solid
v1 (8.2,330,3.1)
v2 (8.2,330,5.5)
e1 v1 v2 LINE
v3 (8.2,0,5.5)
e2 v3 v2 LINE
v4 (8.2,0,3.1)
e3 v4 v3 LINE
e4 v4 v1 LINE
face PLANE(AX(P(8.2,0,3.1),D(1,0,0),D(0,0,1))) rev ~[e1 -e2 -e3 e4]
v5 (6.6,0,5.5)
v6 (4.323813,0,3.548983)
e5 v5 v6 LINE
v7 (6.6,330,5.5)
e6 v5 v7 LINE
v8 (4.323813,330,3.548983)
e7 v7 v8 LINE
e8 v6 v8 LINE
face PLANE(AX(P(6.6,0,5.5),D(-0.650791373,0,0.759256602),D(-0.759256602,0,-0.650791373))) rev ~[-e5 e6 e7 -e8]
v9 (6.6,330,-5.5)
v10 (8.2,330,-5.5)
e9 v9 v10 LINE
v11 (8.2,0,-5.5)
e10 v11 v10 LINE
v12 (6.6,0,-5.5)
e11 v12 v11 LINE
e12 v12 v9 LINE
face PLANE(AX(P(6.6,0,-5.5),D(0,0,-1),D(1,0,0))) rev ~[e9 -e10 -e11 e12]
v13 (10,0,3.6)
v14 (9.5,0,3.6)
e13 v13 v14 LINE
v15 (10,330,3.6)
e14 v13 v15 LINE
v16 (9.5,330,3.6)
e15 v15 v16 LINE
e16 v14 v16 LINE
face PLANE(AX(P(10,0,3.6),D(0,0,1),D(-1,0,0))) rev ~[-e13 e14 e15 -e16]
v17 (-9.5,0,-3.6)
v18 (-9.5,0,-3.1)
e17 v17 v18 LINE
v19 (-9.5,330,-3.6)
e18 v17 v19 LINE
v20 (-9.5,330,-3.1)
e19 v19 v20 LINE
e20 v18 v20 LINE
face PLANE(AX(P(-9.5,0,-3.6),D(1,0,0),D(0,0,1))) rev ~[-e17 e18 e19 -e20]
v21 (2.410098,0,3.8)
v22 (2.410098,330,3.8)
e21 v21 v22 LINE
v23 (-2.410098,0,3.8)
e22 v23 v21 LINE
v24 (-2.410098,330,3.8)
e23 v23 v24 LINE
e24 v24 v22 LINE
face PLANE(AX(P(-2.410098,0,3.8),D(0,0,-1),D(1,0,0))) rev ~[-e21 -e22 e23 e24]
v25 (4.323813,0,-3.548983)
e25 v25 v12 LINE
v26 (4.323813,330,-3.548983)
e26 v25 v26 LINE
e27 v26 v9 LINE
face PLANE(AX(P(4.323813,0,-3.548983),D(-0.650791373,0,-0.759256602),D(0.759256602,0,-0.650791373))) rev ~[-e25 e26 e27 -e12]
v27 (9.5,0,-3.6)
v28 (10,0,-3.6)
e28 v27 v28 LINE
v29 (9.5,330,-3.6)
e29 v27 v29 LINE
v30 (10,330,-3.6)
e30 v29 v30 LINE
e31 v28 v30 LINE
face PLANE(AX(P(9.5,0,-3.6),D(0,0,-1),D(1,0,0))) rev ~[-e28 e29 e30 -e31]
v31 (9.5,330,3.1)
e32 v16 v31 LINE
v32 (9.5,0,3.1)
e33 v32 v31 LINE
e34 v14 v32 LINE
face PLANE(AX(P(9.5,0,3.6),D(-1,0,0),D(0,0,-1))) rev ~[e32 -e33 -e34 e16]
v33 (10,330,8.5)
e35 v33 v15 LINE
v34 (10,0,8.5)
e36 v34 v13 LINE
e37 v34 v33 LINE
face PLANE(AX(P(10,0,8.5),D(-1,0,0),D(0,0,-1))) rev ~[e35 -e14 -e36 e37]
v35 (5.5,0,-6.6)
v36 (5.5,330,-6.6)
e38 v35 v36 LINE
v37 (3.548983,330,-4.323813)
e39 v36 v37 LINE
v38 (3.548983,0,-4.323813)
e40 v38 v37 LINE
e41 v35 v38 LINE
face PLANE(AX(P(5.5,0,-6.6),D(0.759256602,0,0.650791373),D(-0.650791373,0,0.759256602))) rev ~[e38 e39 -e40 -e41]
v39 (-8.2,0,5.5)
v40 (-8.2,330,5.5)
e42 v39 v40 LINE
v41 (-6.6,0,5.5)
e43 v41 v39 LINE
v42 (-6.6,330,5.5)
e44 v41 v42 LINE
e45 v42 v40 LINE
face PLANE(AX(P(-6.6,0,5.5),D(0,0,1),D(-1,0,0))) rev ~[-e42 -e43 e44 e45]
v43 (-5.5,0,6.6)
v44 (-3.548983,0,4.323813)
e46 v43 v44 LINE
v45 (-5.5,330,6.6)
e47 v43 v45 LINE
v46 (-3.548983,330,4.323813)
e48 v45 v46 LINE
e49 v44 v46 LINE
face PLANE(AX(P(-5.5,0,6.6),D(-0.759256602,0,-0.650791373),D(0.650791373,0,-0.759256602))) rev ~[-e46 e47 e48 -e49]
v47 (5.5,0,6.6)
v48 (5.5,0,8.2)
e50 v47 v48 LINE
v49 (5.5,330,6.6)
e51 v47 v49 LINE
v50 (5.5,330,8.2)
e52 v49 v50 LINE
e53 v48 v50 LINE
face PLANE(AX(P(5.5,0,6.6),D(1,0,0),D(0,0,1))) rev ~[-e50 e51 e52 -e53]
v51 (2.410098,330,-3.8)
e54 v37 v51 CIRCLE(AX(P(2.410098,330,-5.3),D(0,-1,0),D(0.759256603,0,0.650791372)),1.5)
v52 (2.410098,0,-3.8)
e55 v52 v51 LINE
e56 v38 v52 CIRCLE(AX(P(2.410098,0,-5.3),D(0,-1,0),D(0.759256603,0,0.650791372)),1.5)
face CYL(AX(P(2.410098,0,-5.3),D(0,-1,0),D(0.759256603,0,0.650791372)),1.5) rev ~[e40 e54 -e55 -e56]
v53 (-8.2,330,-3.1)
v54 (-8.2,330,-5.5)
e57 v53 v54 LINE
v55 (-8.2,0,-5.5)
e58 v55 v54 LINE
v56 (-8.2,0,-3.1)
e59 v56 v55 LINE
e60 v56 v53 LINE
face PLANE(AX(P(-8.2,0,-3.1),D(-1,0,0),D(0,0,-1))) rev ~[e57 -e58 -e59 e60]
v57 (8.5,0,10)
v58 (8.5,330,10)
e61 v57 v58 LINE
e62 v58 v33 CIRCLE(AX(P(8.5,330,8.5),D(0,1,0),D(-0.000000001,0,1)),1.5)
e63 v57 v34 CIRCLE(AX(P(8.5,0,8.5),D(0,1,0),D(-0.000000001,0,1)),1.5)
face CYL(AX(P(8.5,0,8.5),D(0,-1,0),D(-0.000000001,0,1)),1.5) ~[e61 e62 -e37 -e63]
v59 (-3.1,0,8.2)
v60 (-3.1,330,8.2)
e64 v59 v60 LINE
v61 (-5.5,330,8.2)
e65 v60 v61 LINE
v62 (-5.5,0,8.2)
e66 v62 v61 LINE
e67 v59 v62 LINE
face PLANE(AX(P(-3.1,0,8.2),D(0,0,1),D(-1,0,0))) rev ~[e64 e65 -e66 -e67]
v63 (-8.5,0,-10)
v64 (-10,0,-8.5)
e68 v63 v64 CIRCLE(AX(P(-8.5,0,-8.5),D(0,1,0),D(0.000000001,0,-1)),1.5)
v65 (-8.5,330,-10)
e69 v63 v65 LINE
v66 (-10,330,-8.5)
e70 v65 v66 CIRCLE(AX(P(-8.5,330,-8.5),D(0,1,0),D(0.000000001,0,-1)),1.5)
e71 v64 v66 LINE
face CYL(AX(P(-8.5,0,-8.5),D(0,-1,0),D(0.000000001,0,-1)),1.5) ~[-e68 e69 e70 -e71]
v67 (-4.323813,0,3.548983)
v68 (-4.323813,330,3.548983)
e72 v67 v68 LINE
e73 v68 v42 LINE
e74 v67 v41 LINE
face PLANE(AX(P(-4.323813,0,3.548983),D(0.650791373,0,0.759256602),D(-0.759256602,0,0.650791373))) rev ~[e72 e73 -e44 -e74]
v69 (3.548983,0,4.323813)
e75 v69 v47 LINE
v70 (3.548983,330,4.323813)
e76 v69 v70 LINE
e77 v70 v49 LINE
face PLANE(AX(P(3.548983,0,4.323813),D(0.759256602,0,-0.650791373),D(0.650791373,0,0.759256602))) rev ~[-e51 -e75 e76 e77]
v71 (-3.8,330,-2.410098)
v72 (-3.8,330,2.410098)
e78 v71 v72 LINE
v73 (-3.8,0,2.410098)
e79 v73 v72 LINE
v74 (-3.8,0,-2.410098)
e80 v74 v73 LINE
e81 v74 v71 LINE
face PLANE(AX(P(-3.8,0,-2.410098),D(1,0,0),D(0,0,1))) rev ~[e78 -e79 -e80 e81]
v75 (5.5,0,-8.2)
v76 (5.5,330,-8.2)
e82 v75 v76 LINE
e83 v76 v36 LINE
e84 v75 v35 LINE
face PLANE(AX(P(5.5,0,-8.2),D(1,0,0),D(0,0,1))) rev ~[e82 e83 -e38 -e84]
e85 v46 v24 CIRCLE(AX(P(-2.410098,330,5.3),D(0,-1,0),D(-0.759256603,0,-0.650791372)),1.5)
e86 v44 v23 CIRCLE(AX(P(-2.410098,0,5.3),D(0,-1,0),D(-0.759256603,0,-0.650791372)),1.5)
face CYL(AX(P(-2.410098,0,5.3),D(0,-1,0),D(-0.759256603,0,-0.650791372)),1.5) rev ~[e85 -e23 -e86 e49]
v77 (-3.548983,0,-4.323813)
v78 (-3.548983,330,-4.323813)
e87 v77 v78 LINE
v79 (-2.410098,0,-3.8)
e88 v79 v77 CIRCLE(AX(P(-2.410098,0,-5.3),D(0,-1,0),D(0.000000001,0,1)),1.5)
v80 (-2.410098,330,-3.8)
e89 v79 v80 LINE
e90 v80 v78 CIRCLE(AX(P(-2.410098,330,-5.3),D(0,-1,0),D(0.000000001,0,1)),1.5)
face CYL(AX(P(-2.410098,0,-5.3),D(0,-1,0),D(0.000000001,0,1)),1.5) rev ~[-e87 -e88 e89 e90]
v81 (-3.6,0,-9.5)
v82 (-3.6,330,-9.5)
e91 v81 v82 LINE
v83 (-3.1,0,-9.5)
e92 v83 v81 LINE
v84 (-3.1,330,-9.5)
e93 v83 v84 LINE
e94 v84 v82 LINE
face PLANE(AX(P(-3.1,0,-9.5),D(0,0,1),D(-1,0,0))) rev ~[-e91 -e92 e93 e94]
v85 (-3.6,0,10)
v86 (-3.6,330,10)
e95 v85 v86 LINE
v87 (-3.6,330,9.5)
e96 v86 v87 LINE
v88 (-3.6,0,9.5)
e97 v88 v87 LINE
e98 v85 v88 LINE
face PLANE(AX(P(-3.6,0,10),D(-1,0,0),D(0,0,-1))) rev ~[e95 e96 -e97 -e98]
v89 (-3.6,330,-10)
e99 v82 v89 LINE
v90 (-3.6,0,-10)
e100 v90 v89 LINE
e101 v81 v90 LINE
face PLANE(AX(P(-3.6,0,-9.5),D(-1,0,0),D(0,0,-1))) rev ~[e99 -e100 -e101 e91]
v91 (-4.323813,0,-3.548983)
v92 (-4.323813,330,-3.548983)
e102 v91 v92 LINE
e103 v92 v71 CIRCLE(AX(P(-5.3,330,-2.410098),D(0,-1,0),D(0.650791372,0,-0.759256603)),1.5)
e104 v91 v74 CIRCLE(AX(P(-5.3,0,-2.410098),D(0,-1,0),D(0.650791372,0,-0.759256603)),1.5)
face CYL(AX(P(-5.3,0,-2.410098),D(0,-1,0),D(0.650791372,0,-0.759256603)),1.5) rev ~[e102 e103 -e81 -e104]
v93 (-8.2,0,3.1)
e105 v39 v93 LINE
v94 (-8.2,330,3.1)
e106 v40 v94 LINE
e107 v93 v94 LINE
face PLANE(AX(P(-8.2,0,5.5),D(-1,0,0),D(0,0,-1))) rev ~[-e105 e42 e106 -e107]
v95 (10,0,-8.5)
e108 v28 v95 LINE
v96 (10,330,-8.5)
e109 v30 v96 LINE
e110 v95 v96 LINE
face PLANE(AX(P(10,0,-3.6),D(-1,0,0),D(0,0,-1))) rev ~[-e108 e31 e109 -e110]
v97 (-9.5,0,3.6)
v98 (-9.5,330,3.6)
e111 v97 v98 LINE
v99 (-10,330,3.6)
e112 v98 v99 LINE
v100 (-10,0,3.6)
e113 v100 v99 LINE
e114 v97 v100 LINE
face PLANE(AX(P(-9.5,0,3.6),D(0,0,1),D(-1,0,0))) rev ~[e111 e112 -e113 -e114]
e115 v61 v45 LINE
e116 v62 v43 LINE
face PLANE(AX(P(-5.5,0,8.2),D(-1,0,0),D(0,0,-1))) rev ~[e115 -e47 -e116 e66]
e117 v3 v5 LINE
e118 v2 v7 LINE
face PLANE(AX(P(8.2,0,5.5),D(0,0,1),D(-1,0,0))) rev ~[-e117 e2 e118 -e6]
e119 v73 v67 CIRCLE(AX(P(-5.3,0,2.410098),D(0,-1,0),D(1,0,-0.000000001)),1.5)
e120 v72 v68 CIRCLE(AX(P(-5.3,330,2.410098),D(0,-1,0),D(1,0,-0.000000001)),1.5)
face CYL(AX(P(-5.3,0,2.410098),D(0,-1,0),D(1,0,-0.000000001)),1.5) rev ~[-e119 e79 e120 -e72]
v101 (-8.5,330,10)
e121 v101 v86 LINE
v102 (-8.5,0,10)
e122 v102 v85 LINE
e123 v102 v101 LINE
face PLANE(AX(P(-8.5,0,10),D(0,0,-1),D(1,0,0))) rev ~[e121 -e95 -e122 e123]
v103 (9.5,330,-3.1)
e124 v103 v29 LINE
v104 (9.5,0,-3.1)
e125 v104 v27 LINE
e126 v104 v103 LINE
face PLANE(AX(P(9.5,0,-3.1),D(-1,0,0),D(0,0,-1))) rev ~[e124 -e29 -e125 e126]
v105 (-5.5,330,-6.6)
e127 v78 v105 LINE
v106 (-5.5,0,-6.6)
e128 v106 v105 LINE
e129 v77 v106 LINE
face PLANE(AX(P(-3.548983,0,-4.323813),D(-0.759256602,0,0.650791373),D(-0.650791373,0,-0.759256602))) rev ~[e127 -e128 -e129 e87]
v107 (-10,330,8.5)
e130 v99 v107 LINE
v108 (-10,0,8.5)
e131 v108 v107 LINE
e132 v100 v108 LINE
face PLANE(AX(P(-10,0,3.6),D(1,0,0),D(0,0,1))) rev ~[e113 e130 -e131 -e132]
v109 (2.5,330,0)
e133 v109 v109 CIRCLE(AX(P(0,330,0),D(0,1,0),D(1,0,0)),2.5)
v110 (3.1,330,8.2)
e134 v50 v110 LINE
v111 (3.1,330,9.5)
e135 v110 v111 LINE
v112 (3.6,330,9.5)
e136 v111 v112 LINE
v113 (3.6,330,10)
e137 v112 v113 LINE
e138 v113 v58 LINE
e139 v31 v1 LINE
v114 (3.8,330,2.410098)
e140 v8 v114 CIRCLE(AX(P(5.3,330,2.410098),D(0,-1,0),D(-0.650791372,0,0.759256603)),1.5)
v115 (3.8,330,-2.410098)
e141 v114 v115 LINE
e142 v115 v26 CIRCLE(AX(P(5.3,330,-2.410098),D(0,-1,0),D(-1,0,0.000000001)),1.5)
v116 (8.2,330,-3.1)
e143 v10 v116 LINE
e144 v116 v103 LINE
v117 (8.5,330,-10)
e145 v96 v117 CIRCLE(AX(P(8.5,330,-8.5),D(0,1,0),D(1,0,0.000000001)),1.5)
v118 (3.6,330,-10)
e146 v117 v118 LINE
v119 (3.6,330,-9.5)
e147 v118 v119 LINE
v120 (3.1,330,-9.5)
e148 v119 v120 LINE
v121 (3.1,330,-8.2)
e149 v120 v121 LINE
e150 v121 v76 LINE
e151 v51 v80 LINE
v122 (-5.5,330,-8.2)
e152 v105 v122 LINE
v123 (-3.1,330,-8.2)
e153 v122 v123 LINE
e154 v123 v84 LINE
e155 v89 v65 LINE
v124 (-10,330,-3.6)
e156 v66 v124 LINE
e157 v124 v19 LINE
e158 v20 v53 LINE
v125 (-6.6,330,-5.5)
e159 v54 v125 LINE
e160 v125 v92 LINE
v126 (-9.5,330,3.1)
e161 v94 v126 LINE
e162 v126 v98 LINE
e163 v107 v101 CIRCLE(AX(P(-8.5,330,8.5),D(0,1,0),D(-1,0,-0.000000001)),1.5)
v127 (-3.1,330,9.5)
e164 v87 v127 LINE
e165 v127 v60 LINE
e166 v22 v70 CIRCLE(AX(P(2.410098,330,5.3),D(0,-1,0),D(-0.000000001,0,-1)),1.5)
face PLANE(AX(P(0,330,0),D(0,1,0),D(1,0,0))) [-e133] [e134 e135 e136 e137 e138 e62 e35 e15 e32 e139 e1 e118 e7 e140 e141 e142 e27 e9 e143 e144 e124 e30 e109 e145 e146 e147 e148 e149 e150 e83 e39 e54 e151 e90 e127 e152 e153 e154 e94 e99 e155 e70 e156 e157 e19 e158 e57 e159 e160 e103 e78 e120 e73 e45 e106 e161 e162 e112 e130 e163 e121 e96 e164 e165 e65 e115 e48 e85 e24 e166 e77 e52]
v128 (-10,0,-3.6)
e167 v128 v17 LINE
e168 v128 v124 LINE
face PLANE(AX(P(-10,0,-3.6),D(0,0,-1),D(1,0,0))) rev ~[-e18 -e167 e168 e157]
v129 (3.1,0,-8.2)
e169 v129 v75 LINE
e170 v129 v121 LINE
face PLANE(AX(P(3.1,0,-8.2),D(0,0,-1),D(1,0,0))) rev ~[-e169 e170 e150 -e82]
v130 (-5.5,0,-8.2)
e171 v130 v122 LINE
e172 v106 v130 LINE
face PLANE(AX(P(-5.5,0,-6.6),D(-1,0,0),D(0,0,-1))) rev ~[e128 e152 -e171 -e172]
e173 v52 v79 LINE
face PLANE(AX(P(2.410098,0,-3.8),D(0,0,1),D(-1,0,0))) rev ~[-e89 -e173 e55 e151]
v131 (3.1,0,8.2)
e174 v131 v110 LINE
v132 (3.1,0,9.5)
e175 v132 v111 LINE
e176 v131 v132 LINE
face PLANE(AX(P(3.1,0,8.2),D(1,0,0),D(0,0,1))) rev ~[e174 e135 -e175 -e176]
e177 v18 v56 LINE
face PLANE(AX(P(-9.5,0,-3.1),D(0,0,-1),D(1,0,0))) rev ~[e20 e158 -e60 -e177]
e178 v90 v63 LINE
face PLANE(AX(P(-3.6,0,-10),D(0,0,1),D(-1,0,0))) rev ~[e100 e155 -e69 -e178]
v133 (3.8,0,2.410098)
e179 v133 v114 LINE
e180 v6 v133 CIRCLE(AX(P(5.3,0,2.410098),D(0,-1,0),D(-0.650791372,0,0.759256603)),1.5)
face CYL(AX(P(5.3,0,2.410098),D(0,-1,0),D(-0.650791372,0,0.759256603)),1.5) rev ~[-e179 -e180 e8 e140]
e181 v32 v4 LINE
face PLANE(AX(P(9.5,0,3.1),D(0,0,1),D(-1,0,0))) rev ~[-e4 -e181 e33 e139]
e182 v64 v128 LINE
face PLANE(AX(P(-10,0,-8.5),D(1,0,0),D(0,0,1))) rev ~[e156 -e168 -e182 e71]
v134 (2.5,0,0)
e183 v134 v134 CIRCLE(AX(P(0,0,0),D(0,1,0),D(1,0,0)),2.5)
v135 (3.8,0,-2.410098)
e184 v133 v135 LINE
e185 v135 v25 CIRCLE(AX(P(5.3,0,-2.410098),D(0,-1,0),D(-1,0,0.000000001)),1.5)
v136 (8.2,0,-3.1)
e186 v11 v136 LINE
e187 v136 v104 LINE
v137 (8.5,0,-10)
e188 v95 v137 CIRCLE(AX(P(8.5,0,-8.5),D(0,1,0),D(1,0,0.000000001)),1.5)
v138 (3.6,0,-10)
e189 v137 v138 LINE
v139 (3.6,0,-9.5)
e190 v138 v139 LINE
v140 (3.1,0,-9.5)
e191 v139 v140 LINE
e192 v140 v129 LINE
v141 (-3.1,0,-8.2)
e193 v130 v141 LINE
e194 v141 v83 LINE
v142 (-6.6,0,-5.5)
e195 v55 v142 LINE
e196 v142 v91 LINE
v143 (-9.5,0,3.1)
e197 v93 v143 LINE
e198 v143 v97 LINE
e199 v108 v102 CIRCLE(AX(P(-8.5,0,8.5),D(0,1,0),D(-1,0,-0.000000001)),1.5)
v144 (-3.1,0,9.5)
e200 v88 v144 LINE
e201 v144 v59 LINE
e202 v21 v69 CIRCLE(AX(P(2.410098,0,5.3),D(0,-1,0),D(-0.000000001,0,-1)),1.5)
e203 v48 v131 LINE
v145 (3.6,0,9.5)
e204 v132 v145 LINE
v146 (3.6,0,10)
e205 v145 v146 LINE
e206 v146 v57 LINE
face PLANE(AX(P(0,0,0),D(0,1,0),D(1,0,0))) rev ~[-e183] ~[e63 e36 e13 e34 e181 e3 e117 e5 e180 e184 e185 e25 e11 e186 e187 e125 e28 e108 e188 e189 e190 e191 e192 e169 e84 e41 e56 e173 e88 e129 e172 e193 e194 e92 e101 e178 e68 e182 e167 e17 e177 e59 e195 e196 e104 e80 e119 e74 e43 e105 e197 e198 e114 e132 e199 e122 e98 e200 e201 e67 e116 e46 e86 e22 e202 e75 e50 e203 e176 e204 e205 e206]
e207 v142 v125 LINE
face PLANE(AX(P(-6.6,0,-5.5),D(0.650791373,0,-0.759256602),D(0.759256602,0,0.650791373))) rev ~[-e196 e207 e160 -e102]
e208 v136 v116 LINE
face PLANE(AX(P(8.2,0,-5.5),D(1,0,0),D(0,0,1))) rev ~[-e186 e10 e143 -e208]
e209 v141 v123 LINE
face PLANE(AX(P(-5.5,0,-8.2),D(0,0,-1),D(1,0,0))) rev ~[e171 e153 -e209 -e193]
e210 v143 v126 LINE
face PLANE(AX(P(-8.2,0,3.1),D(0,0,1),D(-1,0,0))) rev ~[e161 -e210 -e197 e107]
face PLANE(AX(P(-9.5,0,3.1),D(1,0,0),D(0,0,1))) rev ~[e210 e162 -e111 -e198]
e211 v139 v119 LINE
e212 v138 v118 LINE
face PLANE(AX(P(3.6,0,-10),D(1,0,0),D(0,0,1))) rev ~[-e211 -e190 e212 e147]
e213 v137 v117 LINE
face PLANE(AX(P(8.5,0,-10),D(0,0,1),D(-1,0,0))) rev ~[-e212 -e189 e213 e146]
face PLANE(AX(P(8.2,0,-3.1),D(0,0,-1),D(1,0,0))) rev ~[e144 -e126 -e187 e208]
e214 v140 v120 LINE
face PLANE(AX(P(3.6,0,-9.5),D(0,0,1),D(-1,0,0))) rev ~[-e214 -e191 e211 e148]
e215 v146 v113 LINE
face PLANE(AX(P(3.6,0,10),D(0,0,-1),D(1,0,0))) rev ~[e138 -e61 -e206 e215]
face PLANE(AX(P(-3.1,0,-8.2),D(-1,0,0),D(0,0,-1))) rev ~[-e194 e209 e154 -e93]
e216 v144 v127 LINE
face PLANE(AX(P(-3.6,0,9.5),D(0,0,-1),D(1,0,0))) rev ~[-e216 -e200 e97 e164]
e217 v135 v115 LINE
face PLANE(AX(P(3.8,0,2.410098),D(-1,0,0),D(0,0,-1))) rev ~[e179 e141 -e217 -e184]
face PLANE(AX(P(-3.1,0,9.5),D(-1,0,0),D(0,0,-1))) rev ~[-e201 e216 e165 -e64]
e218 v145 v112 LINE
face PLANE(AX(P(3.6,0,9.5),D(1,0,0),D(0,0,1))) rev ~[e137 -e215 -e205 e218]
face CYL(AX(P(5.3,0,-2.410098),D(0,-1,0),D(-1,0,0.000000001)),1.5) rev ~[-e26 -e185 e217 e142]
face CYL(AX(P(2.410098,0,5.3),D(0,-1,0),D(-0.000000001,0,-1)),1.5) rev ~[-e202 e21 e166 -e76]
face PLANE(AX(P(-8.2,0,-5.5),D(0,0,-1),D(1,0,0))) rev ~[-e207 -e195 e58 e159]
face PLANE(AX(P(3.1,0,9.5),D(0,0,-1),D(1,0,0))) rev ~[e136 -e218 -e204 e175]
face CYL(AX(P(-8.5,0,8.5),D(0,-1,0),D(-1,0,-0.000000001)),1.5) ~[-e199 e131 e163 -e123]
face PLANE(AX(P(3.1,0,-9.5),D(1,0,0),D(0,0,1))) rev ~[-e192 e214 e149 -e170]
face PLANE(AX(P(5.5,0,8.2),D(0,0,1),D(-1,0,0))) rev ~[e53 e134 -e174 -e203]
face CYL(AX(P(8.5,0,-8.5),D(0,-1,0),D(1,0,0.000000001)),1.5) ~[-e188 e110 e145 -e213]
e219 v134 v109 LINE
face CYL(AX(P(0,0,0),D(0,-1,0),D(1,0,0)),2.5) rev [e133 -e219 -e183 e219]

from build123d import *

# Parameters (mm, degrees)
SKETCH1_R           = 2.5
BOSS_EXTRUDE1_DEPTH = 330


with BuildPart() as part:
    # Sketch1 → Boss-Extrude1 (new body)
    with BuildSketch(Plane(origin=(0, 0, 0), x_dir=(1, 0, 0), z_dir=(0, 1, 0))):
        with BuildLine():
            ThreePointArc((-10, -8.5), (-9.560660172, -9.560660172), (-8.5, -10))
            Line((-8.5, -10), (-3.6, -10))
            Line((-3.6, -10), (-3.6, -9.5))
            Line((-3.6, -9.5), (-3.1, -9.5))
            Line((-3.1, -9.5), (-3.1, -8.2))
            Line((-3.1, -8.2), (-5.5, -8.2))
            Line((-5.5, -8.2), (-5.5, -6.6))
            Line((-5.5, -6.6), (-3.54898252, -4.32381294))
            ThreePointArc((-3.54898252, -4.32381294), (-3.036882831, -3.937230652), (-2.410097616, -3.8))
            Line((-2.410097616, -3.8), (2.410097616, -3.8))
            ThreePointArc((2.410097616, -3.8), (3.036882831, -3.937230652), (3.54898252, -4.32381294))
            Line((3.54898252, -4.32381294), (5.5, -6.6))
            Line((5.5, -6.6), (5.5, -8.2))
            Line((5.5, -8.2), (3.1, -8.2))
            Line((3.1, -8.2), (3.1, -9.5))
            Line((3.1, -9.5), (3.6, -9.5))
            Line((3.6, -9.5), (3.6, -10))
            Line((3.6, -10), (8.5, -10))
            ThreePointArc((8.5, -10), (9.560660172, -9.560660172), (10, -8.5))
            Line((10, -8.5), (10, -3.6))
            Line((10, -3.6), (9.5, -3.6))
            Line((9.5, -3.6), (9.5, -3.1))
            Line((9.5, -3.1), (8.2, -3.1))
            Line((8.2, -3.1), (8.2, -5.5))
            Line((8.2, -5.5), (6.6, -5.5))
            Line((6.6, -5.5), (4.32381294, -3.54898252))
            ThreePointArc((4.32381294, -3.54898252), (3.937230652, -3.036882831), (3.8, -2.410097616))
            Line((3.8, -2.410097616), (3.8, 2.410097616))
            ThreePointArc((3.8, 2.410097616), (3.937230652, 3.036882831), (4.32381294, 3.54898252))
            Line((4.32381294, 3.54898252), (6.6, 5.5))
            Line((6.6, 5.5), (8.2, 5.5))
            Line((8.2, 5.5), (8.2, 3.1))
            Line((8.2, 3.1), (9.5, 3.1))
            Line((9.5, 3.1), (9.5, 3.6))
            Line((9.5, 3.6), (10, 3.6))
            Line((10, 3.6), (10, 8.5))
            ThreePointArc((10, 8.5), (9.560660172, 9.560660172), (8.5, 10))
            Line((8.5, 10), (3.6, 10))
            Line((3.6, 10), (3.6, 9.5))
            Line((3.6, 9.5), (3.1, 9.5))
            Line((3.1, 9.5), (3.1, 8.2))
            Line((3.1, 8.2), (5.5, 8.2))
            Line((5.5, 8.2), (5.5, 6.6))
            Line((5.5, 6.6), (3.54898252, 4.32381294))
            ThreePointArc((3.54898252, 4.32381294), (3.036882831, 3.937230652), (2.410097616, 3.8))
            Line((2.410097616, 3.8), (-2.410097616, 3.8))
            ThreePointArc((-2.410097616, 3.8), (-3.036882831, 3.937230652), (-3.54898252, 4.32381294))
            Line((-3.54898252, 4.32381294), (-5.5, 6.6))
            Line((-5.5, 6.6), (-5.5, 8.2))
            Line((-5.5, 8.2), (-3.1, 8.2))
            Line((-3.1, 8.2), (-3.1, 9.5))
            Line((-3.1, 9.5), (-3.6, 9.5))
            Line((-3.6, 9.5), (-3.6, 10))
            Line((-3.6, 10), (-8.5, 10))
            ThreePointArc((-8.5, 10), (-9.560660172, 9.560660172), (-10, 8.5))
            Line((-10, 8.5), (-10, 3.6))
            Line((-10, 3.6), (-9.5, 3.6))
            Line((-9.5, 3.6), (-9.5, 3.1))
            Line((-9.5, 3.1), (-8.2, 3.1))
            Line((-8.2, 3.1), (-8.2, 5.5))
            Line((-8.2, 5.5), (-6.6, 5.5))
            Line((-6.6, 5.5), (-4.32381294, 3.54898252))
            ThreePointArc((-4.32381294, 3.54898252), (-3.937230652, 3.036882831), (-3.8, 2.410097616))
            Line((-3.8, 2.410097616), (-3.8, -2.410097616))
            ThreePointArc((-3.8, -2.410097616), (-3.937230652, -3.036882831), (-4.32381294, -3.54898252))
            Line((-4.32381294, -3.54898252), (-6.6, -5.5))
            Line((-6.6, -5.5), (-8.2, -5.5))
            Line((-8.2, -5.5), (-8.2, -3.1))
            Line((-8.2, -3.1), (-9.5, -3.1))
            Line((-9.5, -3.1), (-9.5, -3.6))
            Line((-9.5, -3.6), (-10, -3.6))
            Line((-10, -3.6), (-10, -8.5))
        make_face()
        Circle(SKETCH1_R, mode=Mode.SUBTRACT)
    extrude(amount=BOSS_EXTRUDE1_DEPTH)


solid = part.part
